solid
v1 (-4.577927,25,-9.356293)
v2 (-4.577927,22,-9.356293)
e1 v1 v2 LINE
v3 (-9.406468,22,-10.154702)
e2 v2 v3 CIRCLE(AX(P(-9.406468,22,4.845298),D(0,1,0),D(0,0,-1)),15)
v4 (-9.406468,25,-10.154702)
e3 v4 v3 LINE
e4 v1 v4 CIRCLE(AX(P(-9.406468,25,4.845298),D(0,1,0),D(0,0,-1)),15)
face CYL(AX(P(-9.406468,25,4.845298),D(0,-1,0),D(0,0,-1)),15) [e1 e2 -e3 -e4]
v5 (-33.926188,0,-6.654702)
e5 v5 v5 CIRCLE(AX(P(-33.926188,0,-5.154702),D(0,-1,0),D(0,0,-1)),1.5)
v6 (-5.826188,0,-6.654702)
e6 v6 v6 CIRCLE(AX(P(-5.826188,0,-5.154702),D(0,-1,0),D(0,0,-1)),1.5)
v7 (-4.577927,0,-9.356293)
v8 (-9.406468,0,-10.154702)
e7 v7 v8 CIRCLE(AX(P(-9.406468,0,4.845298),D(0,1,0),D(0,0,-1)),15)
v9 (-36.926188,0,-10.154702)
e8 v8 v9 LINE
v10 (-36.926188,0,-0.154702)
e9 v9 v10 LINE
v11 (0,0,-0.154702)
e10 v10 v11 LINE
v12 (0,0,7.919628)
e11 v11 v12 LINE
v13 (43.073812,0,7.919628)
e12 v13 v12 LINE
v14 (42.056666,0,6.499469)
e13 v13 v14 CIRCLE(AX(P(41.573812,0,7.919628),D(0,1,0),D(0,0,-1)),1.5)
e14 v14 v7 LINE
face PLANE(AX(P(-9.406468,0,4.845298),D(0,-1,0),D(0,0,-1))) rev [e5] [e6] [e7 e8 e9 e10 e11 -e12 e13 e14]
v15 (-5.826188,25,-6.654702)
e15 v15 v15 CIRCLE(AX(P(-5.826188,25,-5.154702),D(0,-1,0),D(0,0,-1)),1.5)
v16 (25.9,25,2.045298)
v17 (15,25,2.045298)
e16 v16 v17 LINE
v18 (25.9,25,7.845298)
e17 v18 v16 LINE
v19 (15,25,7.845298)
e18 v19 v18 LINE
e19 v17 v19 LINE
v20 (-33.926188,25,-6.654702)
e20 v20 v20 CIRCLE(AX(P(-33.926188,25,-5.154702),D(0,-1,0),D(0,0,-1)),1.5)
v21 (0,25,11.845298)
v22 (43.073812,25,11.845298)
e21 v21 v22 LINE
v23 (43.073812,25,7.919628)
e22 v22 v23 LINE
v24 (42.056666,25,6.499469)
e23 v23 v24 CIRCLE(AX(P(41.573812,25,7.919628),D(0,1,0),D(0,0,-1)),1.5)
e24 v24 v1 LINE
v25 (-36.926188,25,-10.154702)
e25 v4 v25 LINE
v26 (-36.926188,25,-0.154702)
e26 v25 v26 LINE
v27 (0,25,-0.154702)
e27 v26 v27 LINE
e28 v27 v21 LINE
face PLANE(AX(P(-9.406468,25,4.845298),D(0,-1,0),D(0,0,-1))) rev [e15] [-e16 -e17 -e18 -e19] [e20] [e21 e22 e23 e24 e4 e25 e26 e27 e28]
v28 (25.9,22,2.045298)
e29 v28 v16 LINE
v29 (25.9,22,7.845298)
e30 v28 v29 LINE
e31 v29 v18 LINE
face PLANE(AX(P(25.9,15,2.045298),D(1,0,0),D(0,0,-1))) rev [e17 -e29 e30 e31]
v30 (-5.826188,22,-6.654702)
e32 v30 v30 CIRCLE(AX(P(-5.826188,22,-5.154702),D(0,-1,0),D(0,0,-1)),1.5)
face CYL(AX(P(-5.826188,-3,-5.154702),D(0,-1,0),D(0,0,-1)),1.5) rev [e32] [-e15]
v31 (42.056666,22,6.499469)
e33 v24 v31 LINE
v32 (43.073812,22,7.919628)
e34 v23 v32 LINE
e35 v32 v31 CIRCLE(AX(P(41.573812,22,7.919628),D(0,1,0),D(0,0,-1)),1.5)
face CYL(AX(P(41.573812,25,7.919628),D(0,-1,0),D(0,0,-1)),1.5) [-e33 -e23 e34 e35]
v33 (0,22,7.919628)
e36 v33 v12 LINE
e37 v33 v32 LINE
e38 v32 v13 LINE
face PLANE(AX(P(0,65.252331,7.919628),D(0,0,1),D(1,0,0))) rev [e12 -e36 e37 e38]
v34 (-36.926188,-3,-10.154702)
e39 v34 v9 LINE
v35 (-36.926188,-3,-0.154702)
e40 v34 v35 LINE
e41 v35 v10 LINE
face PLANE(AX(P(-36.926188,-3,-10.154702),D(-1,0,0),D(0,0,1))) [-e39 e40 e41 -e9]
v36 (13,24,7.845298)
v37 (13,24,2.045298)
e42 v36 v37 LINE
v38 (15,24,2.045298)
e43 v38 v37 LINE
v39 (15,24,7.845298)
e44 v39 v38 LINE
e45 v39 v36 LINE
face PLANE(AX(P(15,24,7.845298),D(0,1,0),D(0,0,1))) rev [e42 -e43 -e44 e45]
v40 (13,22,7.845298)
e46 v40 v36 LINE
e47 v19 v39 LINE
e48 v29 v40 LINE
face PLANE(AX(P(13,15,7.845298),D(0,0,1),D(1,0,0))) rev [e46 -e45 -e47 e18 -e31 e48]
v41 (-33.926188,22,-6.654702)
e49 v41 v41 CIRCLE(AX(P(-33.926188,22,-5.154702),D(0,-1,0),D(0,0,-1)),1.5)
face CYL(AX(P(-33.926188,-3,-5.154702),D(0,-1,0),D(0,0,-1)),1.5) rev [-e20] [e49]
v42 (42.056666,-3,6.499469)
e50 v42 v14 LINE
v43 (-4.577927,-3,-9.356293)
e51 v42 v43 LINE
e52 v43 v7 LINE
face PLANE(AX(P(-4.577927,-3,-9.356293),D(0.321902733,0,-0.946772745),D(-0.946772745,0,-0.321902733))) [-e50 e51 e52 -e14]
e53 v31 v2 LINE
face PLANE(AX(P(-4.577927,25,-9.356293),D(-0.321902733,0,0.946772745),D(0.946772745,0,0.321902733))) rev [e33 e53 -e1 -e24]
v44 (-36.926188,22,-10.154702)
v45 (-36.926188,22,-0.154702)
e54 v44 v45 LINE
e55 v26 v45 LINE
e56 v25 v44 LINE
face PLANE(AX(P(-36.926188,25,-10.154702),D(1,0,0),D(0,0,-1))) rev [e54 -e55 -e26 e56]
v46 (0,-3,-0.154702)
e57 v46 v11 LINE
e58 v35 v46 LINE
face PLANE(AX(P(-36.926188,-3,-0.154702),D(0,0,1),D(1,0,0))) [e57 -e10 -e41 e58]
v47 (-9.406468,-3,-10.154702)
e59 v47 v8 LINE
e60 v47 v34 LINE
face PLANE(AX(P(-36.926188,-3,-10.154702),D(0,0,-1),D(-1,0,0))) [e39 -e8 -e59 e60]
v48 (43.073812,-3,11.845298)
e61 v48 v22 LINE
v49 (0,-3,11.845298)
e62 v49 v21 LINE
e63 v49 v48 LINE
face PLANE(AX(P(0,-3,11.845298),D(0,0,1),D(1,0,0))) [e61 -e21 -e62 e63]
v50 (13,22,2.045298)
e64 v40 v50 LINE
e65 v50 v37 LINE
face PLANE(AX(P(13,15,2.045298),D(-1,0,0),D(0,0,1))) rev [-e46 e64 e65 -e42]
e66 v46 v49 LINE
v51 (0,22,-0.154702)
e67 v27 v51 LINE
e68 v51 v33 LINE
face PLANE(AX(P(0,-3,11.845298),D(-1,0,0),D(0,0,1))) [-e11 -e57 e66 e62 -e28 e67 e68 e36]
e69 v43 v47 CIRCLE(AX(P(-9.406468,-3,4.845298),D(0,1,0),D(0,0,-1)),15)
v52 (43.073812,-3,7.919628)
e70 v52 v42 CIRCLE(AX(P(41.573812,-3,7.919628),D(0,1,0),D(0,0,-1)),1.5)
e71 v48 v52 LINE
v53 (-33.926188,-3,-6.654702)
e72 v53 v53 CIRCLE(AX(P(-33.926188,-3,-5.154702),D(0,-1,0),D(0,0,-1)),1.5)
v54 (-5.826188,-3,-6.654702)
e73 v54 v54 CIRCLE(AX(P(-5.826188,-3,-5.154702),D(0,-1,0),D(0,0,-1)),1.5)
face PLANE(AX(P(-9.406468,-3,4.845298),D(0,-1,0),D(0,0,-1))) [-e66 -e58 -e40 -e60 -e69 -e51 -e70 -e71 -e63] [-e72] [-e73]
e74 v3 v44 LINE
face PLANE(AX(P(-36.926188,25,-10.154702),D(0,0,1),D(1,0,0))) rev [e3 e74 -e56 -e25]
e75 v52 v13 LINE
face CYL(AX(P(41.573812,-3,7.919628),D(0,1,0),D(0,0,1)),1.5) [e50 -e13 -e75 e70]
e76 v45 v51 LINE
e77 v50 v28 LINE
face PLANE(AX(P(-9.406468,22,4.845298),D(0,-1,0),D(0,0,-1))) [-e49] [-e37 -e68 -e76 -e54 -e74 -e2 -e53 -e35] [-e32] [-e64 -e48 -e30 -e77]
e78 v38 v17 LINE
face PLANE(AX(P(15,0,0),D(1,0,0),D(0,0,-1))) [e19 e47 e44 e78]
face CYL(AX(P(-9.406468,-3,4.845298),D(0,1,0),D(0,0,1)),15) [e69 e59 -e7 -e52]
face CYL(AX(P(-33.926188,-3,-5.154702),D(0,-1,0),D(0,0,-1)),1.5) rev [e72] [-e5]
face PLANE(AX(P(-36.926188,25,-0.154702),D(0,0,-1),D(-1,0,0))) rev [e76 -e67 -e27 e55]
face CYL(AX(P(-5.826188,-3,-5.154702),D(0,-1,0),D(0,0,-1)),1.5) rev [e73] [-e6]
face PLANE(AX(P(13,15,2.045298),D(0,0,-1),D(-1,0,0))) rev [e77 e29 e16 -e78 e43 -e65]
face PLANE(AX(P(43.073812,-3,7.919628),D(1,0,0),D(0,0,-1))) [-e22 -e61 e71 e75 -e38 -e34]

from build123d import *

# Parameters (mm, degrees)
BOSS_EXTRUDE1_DEPTH                      = 3
BOSS_EXTRUDE2_START                      = 22
BOSS_EXTRUDE2_DEPTH                      = 3
SKETCH3_W                                = 1.5
SKETCH3_H                                = 28
F_3_0MM_CLEARANCE_DOWEL_HOLE1_AT_2_COUNT = 2
F_3_0MM_CLEARANCE_DOWEL_HOLE1_AT_2_PITCH = 28.1
SKETCH5_W                                = 43.073811931
SKETCH5_H                                = 3.925670489
BOSS_EXTRUDE3_DEPTH                      = 22
SKETCH6_W                                = 12.9
SKETCH6_H                                = 5.8
CUT_EXTRUDE1_DEPTH                       = 10
SKETCH7_W                                = 5.8
SKETCH7_H                                = 1
BOSS_EXTRUDE4_DEPTH                      = 2


with BuildPart() as part:
    # Sketch1 → Boss-Extrude1 (new body)
    with BuildSketch(Plane(origin=(0, 0, 0), x_dir=(1, 0, 0), z_dir=(0, 1, 0))):
        with BuildLine():
            Line((-4.577926811, 9.356292891), (42.056666031, -6.499468675))
            ThreePointArc((42.056666031, -6.499468675), (42.793295664, -7.04620955), (43.073811931, -7.919627792))
            Line((43.073811931, -7.919627792), (43.073811931, -11.845298281))
            Line((43.073811931, -11.845298281), (0, -11.845298281))
            Line((0, -11.845298281), (0, 0.154701719))
            Line((0, 0.154701719), (-36.926188069, 0.154701719))
            Line((-36.926188069, 0.154701719), (-36.926188069, 10.154701719))
            Line((-36.926188069, 10.154701719), (-9.406467809, 10.154701719))
            ThreePointArc((-9.406467809, 10.154701719), (-6.959415254, 9.953753506), (-4.577926811, 9.356292891))
        make_face()
    extrude(amount=-BOSS_EXTRUDE1_DEPTH)


with BuildPart() as body_2:
    # Sketch1<2> → Boss-Extrude2 (new body)
    with BuildSketch(Plane(origin=(0, 0, 0), x_dir=(1, 0, 0), z_dir=(0, 1, 0)).offset(BOSS_EXTRUDE2_START)):
        with BuildLine():
            Line((-4.577926811, 9.356292891), (42.056666031, -6.499468675))
            ThreePointArc((42.056666031, -6.499468675), (42.793295664, -7.04620955), (43.073811931, -7.919627792))
            Line((43.073811931, -7.919627792), (43.073811931, -11.845298281))
            Line((43.073811931, -11.845298281), (0, -11.845298281))
            Line((0, -11.845298281), (0, 0.154701719))
            Line((0, 0.154701719), (-36.926188069, 0.154701719))
            Line((-36.926188069, 0.154701719), (-36.926188069, 10.154701719))
            Line((-36.926188069, 10.154701719), (-9.406467809, 10.154701719))
            ThreePointArc((-9.406467809, 10.154701719), (-6.959415254, 9.953753506), (-4.577926811, 9.356292891))
        make_face()
    extrude(amount=BOSS_EXTRUDE2_DEPTH)


with BuildPart() as f_3_0mm_clearance_dowel_hole1_tool:
    # Sketch3 → Ø3.0mm Clearance Dowel Hole1 (revolve)
    with BuildSketch(Plane(origin=(-33.926188069, -3, -5.154701719), x_dir=(0, 0, -1), z_dir=(1, 0, 0))):
        with Locations((0.75, 14)):
            Rectangle(SKETCH3_W, SKETCH3_H)
    f_3_0mm_clearance_dowel_hole1 = revolve(axis=Axis((-33.926188069, -9.35, -5.154701719), (0, 1, 0)))


with BuildPart() as part_1:
    add(part.part)

    # Ø3.0mm Clearance Dowel Hole1: cut by f_3_0mm_clearance_dowel_hole1_tool
    add(f_3_0mm_clearance_dowel_hole1_tool.part, mode=Mode.SUBTRACT)


with BuildPart() as body_2_1:
    add(body_2.part)

    # Ø3.0mm Clearance Dowel Hole1: cut by f_3_0mm_clearance_dowel_hole1_tool
    add(f_3_0mm_clearance_dowel_hole1_tool.part, mode=Mode.SUBTRACT)


with BuildPart() as f_3_0mm_clearance_dowel_hole1_at_2_tool:
    # Ø3.0mm Clearance Dowel Hole1 at 2: Ø3.0mm Clearance Dowel Hole1 ×2
    with Locations(*[(i * F_3_0MM_CLEARANCE_DOWEL_HOLE1_AT_2_PITCH, 0, 0) for i in range(1, F_3_0MM_CLEARANCE_DOWEL_HOLE1_AT_2_COUNT)]):
        add(f_3_0mm_clearance_dowel_hole1)


with BuildPart() as part_2:
    add(part_1.part)

    # Ø3.0mm Clearance Dowel Hole1 at 2: cut by f_3_0mm_clearance_dowel_hole1_at_2_tool
    add(f_3_0mm_clearance_dowel_hole1_at_2_tool.part, mode=Mode.SUBTRACT)



with BuildPart() as body_2_2:
    add(body_2_1.part)

    # Ø3.0mm Clearance Dowel Hole1 at 2: cut by f_3_0mm_clearance_dowel_hole1_at_2_tool
    add(f_3_0mm_clearance_dowel_hole1_at_2_tool.part, mode=Mode.SUBTRACT)


with BuildPart() as part_3:
    add(part_2.part)

    add(body_2_2.part)  # Boss-Extrude3 merges body 2
    # Sketch5 → Boss-Extrude3 (add)
    with BuildSketch(Plane(origin=(0, 0, 0), x_dir=(1, 0, 0), z_dir=(0, 1, 0))):
        with Locations((21.536905966, -9.882463037)):
            Rectangle(SKETCH5_W, SKETCH5_H)
    extrude(amount=BOSS_EXTRUDE3_DEPTH)

    # Sketch6 → Cut-Extrude1 (cut)
    with BuildSketch(Plane(origin=(0, 25, 0), x_dir=(1, 0, 0), z_dir=(0, 1, 0))):
        with Locations((19.45, -4.945298281)):
            Rectangle(SKETCH6_W, SKETCH6_H)
    extrude(amount=-CUT_EXTRUDE1_DEPTH, mode=Mode.SUBTRACT)

    # Sketch7 → Boss-Extrude4 (add)
    with BuildSketch(Plane(origin=(13, 0, 0), x_dir=(0, 0, -1), z_dir=(1, 0, 0))):
        with Locations((-4.945298281, 24.5)):
            Rectangle(SKETCH7_W, SKETCH7_H)
    extrude(amount=BOSS_EXTRUDE4_DEPTH)


solid = part_3.part
